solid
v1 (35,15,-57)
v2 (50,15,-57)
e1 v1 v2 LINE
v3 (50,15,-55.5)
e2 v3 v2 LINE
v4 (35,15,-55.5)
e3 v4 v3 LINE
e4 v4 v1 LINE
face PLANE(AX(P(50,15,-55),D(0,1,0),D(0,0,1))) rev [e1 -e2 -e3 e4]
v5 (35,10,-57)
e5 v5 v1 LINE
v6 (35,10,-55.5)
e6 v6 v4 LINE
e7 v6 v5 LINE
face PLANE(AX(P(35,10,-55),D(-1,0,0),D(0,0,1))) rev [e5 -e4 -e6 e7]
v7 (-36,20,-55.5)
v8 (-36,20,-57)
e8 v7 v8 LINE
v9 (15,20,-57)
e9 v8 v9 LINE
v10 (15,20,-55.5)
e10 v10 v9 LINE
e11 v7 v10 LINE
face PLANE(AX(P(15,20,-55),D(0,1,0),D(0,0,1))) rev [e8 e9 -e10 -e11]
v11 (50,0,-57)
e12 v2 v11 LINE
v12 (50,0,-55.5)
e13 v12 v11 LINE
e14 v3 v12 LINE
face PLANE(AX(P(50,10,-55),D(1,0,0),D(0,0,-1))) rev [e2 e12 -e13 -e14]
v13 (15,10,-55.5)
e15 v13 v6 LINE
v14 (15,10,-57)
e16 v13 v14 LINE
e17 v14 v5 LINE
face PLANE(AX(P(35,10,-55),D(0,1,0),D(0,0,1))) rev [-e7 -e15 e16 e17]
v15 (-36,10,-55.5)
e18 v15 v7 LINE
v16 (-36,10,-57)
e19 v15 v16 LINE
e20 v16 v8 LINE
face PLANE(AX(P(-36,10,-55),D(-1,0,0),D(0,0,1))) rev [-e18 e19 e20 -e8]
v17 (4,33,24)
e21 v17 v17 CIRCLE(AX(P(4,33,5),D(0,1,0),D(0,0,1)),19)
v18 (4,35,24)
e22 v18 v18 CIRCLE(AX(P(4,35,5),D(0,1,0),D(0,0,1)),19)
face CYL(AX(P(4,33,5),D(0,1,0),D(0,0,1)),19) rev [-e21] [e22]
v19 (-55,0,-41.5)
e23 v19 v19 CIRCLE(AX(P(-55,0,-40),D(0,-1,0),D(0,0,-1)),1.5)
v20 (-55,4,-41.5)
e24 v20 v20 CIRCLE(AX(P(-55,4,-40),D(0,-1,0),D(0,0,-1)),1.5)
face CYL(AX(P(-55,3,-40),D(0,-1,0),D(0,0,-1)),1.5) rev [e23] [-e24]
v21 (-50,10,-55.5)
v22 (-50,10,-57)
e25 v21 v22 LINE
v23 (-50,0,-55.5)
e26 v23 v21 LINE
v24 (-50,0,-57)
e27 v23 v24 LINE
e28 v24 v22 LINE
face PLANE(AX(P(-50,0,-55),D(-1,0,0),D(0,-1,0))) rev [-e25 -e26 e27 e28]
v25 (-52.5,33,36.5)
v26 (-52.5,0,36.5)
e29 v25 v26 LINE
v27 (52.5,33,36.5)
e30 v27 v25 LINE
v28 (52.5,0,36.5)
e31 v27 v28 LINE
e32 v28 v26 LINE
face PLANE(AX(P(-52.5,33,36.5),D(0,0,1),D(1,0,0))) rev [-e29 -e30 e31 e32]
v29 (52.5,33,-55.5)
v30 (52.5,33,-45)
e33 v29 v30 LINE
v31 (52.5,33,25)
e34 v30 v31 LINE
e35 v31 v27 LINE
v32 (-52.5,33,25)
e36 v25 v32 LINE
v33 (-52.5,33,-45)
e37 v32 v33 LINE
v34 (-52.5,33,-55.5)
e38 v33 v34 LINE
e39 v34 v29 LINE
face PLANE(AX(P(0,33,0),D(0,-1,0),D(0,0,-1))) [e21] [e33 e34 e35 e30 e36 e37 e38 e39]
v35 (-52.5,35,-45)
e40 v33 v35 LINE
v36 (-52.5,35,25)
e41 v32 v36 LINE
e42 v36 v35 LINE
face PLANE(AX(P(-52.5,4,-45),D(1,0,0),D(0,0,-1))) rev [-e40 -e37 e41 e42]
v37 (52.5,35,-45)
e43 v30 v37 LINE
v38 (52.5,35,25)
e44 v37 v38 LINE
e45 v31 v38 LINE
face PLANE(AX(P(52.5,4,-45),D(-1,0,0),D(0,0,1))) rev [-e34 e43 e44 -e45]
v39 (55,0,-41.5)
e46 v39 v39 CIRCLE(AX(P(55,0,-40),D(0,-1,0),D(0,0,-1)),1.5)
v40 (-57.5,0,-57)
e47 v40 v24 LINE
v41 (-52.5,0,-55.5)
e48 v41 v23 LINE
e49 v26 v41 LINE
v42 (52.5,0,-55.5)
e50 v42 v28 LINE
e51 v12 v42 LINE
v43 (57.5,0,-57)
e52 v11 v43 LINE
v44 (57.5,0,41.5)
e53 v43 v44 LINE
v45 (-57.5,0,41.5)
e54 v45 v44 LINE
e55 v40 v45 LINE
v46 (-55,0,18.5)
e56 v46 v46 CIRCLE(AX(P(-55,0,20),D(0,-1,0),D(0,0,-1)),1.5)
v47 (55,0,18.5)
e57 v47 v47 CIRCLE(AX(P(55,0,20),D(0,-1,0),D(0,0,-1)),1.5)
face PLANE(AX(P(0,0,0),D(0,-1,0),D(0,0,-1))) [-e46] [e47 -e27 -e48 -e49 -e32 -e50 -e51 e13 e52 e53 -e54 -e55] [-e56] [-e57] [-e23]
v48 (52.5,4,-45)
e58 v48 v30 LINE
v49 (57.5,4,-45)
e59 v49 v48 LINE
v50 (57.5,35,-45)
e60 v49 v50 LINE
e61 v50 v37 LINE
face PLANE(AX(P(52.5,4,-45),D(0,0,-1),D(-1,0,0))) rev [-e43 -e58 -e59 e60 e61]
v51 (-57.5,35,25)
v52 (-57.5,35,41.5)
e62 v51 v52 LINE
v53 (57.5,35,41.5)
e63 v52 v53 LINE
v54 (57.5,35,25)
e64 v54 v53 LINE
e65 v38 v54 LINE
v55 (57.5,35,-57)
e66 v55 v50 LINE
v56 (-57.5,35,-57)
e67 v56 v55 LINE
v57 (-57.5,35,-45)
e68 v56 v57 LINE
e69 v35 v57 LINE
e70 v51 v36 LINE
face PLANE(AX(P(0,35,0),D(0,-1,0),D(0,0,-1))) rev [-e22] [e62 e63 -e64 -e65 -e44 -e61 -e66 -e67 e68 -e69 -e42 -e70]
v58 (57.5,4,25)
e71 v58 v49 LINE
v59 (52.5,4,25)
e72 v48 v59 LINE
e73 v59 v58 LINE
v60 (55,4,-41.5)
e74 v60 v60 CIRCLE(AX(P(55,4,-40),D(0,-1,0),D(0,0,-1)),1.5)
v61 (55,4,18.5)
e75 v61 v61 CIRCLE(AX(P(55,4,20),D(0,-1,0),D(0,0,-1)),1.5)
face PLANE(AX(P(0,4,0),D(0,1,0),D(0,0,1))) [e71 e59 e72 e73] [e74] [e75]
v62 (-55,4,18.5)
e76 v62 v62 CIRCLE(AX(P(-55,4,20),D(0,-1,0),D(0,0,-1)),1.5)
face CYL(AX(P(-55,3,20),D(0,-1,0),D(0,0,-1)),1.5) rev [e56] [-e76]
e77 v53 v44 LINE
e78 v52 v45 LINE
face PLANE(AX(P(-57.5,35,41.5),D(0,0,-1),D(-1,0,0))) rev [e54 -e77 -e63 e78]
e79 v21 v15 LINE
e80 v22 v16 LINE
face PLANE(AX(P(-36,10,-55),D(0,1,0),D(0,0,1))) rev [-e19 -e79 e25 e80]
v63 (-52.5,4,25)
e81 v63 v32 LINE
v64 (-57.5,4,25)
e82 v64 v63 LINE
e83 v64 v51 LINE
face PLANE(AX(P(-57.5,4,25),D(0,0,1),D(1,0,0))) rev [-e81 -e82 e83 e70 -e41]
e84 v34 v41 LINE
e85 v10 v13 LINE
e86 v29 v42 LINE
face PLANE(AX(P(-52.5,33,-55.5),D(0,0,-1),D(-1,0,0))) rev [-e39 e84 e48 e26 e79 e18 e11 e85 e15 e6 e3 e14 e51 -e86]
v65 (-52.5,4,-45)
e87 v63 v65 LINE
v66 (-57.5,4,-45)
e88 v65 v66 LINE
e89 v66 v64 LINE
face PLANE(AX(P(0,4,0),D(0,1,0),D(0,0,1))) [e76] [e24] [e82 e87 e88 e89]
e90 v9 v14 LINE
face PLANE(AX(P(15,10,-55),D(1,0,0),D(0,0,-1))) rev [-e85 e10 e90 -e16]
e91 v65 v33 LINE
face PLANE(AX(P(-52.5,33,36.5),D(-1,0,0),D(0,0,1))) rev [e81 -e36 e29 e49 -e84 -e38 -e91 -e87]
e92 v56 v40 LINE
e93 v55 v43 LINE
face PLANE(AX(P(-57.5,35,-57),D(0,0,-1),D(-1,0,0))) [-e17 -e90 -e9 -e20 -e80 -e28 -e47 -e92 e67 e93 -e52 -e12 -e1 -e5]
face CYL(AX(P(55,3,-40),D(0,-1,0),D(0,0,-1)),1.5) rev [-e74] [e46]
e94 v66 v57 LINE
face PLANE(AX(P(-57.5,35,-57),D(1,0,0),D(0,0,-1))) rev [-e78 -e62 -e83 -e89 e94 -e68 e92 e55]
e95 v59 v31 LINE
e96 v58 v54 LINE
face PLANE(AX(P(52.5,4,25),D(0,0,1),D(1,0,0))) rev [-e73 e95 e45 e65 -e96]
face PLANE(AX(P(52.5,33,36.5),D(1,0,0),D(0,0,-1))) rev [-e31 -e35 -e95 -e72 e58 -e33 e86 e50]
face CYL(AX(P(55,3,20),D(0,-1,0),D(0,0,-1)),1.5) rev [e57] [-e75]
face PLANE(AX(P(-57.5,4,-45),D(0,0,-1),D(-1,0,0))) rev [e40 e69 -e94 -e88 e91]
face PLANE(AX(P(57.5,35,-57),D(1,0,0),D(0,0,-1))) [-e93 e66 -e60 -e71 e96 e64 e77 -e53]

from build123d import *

# Parameters (mm, degrees)
SKETCH_1_W          = 115
SKETCH_1_H          = 98.5
EXTRUDE_1_DEPTH     = 35
SKETCH_2_W          = 105
SKETCH_2_H          = 92
CUT_EXTRUDE_1_DEPTH = 33
SKETCH_4_R          = 1.5
CUT_EXTRUDE_2_DEPTH = 3
SKETCH_4_2_R        = 1.5
CUT_EXTRUDE_3_DEPTH = 4
SKETCH_5_W          = 5
SKETCH_5_H          = 70
CUT_EXTRUDE_4_DEPTH = 31
SKETCH_6_R          = 19
CUT_EXTRUDE_5_DEPTH = 2
CUT_EXTRUDE_6_DEPTH = 2
SKETCH_6_3_R        = 19
EXTRUDE_2_DEPTH     = 2
SKETCH_6_5_R        = 19
CUT_EXTRUDE_7_DEPTH = 2


with BuildPart() as part:
    # 草图1 → 凸台-拉伸1 (new body)
    with BuildSketch(Plane(origin=(0, 0, 0), x_dir=(1, 0, 0), z_dir=(0, 1, 0))):
        with Locations((0, 7.75)):
            Rectangle(SKETCH_1_W, SKETCH_1_H)
    extrude(amount=EXTRUDE_1_DEPTH)

    # 草图2 → 切除-拉伸1 (cut)
    with BuildSketch(Plane.XZ):
        with Locations((0, -9.5)):
            Rectangle(SKETCH_2_W, SKETCH_2_H)
    extrude(amount=-CUT_EXTRUDE_1_DEPTH, mode=Mode.SUBTRACT)

    # 草图4 → 切除-拉伸2 (cut)
    with BuildSketch(Plane(origin=(0, 0, 0), x_dir=(-1, 0, 0), z_dir=(0, -1, 0))):
        with Locations((55, -20)):
            Circle(SKETCH_4_R)
        with Locations((55, 40)):
            Circle(SKETCH_4_R)
        with Locations((-55, -20)):
            Circle(SKETCH_4_R)
        with Locations((-55, 40)):
            Circle(SKETCH_4_R)
    extrude(amount=-CUT_EXTRUDE_2_DEPTH, mode=Mode.SUBTRACT)

    # 草图4<2> → 切除-拉伸3 (cut)
    with BuildSketch(Plane(origin=(0, 0, 0), x_dir=(-1, 0, 0), z_dir=(0, -1, 0))):
        with Locations((55, -20)):
            Circle(SKETCH_4_2_R)
        with Locations((55, 40)):
            Circle(SKETCH_4_2_R)
        with Locations((-55, -20)):
            Circle(SKETCH_4_2_R)
        with Locations((-55, 40)):
            Circle(SKETCH_4_2_R)
    extrude(amount=-CUT_EXTRUDE_3_DEPTH, mode=Mode.SUBTRACT)

    # 草图5 → 切除-拉伸4 (cut)
    with BuildSketch(Plane(origin=(0, 35, 0), x_dir=(1, 0, 0), z_dir=(0, 1, 0))):
        with Locations((-55, 10)):
            Rectangle(SKETCH_5_W, SKETCH_5_H)
        with Locations((55, 10)):
            Rectangle(SKETCH_5_W, SKETCH_5_H)
    extrude(amount=-CUT_EXTRUDE_4_DEPTH, mode=Mode.SUBTRACT)

    # 草图6 → 切除-拉伸5 (cut)
    with BuildSketch(Plane(origin=(0, 35, 0), x_dir=(1, 0, 0), z_dir=(0, 1, 0))):
        with Locations((4, -5)):
            Circle(SKETCH_6_R)
    extrude(amount=-CUT_EXTRUDE_5_DEPTH, mode=Mode.SUBTRACT)

    # 草图7 → 切除-拉伸6 (cut)
    with BuildSketch(Plane(origin=(0, 0, -57), x_dir=(-1, 0, 0), z_dir=(0, 0, -1))):
        Polygon((-50, 0), (50, 0), (50, 10), (36, 10), (36, 20), (-15, 20), (-15, 10), (-35, 10), (-35, 15), (-50, 15), (-50, 10), align=None)
    extrude(amount=-CUT_EXTRUDE_6_DEPTH, mode=Mode.SUBTRACT)

    # 草图6<3> → 凸台-拉伸2 (add)
    with BuildSketch(Plane(origin=(0, 35, 0), x_dir=(1, 0, 0), z_dir=(0, 1, 0))):
        with Locations((4, -5)):
            Circle(SKETCH_6_3_R)
    extrude(amount=-EXTRUDE_2_DEPTH)

    # 草图6<5> → 切除-拉伸7 (cut)
    with BuildSketch(Plane(origin=(0, 35, 0), x_dir=(1, 0, 0), z_dir=(0, 1, 0))):
        with Locations((4, -5)):
            Circle(SKETCH_6_5_R)
    extrude(amount=-CUT_EXTRUDE_7_DEPTH, mode=Mode.SUBTRACT)


solid = part.part
